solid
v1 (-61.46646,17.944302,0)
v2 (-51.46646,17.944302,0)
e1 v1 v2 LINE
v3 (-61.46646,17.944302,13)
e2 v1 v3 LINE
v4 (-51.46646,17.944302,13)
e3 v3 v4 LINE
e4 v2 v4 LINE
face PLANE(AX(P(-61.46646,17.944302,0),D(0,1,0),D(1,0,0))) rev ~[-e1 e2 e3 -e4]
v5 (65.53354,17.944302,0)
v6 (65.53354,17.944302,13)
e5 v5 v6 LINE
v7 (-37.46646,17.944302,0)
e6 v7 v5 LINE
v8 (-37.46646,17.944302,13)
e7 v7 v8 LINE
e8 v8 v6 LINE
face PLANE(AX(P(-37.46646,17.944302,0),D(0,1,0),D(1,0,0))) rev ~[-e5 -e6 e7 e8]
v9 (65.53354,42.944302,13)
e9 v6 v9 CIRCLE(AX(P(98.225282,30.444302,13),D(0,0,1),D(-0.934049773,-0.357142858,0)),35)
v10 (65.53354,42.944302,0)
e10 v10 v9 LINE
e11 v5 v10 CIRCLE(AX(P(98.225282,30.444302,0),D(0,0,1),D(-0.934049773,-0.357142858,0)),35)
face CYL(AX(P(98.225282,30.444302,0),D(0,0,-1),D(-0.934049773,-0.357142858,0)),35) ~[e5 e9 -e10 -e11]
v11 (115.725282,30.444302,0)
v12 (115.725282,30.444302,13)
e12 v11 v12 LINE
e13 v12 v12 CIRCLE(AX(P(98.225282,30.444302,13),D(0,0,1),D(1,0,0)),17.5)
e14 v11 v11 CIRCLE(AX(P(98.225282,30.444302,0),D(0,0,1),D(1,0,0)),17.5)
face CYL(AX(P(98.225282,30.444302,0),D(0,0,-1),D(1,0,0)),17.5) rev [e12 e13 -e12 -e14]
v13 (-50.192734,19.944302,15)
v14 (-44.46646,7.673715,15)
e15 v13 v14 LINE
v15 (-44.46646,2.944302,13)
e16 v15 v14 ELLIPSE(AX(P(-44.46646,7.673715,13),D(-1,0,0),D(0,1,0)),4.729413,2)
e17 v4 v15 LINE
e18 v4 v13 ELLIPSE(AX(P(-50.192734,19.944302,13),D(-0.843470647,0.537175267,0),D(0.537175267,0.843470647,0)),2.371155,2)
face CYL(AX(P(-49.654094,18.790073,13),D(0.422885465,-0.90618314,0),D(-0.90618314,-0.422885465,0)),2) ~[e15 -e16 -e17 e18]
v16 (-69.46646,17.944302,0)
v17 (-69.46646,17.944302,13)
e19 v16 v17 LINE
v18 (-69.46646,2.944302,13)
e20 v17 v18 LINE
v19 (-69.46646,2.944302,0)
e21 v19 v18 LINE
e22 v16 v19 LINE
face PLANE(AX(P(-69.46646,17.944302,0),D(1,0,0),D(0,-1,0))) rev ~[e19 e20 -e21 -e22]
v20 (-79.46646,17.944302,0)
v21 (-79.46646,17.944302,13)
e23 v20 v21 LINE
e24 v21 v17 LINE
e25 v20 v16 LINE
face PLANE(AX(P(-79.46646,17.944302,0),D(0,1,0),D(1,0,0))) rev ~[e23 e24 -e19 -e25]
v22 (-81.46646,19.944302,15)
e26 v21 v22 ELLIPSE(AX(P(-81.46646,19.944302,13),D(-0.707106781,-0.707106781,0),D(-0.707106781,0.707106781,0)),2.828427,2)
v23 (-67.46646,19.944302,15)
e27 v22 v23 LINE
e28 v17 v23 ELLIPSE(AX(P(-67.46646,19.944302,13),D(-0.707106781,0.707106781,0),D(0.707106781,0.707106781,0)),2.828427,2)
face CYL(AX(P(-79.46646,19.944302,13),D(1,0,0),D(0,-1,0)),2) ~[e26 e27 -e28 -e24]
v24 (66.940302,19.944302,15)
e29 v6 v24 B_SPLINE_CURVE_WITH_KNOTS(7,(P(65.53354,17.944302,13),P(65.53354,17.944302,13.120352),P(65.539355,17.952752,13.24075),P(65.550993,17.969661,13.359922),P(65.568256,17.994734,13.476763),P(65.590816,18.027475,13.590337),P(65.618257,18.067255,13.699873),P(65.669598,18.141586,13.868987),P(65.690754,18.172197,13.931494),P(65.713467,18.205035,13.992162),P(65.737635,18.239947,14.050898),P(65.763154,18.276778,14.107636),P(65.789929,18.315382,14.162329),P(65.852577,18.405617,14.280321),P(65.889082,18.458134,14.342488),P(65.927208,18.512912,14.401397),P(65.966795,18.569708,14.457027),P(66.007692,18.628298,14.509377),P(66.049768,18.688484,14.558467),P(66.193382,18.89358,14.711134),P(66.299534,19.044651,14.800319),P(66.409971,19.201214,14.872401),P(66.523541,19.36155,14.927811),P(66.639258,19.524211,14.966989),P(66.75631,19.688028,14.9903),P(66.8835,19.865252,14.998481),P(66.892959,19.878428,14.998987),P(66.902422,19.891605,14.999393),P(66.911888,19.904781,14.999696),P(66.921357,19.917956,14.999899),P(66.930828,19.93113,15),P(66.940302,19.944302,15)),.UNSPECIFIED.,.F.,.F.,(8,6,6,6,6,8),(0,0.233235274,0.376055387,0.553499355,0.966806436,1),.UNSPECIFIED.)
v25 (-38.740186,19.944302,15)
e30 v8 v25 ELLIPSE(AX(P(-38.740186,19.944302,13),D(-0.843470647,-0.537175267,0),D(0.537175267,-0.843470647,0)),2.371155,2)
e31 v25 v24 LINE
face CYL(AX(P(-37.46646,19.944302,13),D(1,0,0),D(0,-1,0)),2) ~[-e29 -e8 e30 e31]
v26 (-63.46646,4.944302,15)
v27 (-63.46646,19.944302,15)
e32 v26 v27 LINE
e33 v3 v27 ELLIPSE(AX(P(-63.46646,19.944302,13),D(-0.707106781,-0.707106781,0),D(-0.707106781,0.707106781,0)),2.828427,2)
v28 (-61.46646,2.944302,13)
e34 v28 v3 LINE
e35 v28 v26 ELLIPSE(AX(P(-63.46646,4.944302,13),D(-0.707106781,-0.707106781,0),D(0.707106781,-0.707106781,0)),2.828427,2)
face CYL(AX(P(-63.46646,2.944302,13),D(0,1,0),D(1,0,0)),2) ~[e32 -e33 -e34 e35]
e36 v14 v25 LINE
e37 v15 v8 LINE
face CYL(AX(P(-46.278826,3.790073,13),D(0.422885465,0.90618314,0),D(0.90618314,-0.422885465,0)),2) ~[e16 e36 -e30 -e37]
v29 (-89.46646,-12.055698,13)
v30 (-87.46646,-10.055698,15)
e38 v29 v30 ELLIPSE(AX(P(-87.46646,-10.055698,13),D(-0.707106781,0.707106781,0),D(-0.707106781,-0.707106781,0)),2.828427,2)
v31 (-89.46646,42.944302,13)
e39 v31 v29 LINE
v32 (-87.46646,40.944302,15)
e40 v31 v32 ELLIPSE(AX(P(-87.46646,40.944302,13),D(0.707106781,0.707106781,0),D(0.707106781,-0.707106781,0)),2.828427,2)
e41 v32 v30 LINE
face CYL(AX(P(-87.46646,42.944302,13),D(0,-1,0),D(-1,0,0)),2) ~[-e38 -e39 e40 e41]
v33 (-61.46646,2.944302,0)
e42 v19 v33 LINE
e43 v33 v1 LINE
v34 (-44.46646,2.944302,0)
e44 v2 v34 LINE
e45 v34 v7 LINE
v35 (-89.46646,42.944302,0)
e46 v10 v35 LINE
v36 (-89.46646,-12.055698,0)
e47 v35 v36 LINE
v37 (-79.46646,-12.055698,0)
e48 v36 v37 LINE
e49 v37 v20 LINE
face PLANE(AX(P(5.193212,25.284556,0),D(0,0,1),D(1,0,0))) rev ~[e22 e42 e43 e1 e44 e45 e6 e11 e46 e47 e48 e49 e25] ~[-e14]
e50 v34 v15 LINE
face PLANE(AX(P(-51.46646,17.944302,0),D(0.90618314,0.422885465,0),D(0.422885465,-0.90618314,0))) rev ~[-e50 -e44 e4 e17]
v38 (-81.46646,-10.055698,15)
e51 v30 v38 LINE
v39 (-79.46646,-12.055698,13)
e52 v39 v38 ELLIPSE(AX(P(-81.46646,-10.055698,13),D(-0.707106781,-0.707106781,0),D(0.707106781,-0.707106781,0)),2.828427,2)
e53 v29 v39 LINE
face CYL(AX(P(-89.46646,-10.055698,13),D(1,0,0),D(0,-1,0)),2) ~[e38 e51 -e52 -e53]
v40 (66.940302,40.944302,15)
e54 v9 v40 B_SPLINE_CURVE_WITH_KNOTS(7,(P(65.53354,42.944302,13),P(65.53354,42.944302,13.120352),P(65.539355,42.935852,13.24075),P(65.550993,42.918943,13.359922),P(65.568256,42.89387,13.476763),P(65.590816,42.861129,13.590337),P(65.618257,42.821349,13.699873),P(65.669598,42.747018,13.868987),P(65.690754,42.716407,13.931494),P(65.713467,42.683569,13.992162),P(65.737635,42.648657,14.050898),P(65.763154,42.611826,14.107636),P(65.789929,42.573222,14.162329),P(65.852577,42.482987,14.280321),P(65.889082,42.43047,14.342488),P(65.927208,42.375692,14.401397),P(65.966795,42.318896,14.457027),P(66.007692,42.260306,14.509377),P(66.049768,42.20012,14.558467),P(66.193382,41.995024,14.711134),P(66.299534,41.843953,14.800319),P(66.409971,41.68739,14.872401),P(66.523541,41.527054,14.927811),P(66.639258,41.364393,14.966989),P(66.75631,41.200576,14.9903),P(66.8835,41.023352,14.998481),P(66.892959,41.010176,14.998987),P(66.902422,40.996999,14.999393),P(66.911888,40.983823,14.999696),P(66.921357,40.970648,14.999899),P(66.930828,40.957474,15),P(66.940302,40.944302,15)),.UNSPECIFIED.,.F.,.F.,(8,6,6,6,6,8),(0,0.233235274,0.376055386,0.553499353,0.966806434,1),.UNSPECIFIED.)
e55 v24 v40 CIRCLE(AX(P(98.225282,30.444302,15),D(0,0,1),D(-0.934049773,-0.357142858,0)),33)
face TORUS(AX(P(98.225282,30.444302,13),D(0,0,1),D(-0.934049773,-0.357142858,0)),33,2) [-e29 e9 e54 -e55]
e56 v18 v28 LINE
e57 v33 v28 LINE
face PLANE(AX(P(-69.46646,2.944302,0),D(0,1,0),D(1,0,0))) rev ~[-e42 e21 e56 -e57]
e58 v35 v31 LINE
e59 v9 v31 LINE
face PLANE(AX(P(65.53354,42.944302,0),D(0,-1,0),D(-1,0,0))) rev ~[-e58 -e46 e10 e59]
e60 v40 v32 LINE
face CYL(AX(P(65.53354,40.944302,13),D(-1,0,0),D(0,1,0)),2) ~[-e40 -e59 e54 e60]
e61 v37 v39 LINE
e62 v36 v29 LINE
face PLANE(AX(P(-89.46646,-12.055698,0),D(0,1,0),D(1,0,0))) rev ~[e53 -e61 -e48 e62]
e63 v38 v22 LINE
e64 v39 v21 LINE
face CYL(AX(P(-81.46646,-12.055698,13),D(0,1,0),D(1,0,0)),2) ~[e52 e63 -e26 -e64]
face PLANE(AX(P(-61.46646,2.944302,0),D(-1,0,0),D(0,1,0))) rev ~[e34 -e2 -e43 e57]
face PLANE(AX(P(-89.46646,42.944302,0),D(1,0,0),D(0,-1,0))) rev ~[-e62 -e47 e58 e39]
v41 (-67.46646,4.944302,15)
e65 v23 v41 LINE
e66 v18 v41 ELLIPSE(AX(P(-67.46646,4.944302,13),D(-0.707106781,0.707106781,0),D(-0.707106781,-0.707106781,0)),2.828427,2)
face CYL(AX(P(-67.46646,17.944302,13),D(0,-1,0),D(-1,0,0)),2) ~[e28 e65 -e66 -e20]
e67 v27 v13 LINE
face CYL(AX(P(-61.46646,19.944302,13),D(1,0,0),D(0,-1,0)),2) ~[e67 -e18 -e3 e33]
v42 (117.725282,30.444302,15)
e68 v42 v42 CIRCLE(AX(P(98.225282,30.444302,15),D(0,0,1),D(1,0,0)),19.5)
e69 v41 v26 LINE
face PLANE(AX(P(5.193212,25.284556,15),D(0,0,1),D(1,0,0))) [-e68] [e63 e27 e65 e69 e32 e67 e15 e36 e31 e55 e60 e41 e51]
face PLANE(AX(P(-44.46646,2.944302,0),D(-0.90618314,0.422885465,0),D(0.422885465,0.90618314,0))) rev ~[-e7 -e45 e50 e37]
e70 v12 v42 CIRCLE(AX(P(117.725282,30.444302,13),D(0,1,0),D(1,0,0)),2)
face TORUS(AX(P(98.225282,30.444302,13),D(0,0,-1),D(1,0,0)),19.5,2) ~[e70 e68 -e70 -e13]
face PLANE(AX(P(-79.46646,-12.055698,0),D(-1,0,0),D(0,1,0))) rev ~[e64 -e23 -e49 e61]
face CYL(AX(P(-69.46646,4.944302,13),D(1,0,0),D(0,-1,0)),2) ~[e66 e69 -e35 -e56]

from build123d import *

# Parameters (mm, degrees)
F0_R     = 17.5
F1_DEPTH = 15
F2_R     = 2


with BuildPart() as f1:
    # F0 (on Top) → F1 (new body)
    with BuildSketch(Plane.XY):
        with BuildLine():
            Line((-89.46646, 17.944302), (-89.46646, -12.055698))
            Line((-89.46646, -12.055698), (-79.46646, -12.055698))
            Line((-79.46646, -12.055698), (-79.46646, 17.944302))
            Line((-79.46646, 17.944302), (-69.46646, 17.944302))
            Line((-69.46646, 17.944302), (-69.46646, 2.944302))
            Line((-69.46646, 2.944302), (-61.46646, 2.944302))
            Line((-61.46646, 2.944302), (-61.46646, 17.944302))
            Line((-61.46646, 17.944302), (-51.46646, 17.944302))
            Line((-51.46646, 17.944302), (-44.46646, 2.944302))
            Line((-44.46646, 2.944302), (-37.46646, 17.944302))
            Line((-37.46646, 17.944302), (65.53354, 17.944302))
            ThreePointArc((65.53354, 17.944302), (133.225282, 30.444302), (65.53354, 42.944302))
            Line((65.53354, 42.944302), (-89.46646, 42.944302))
            Line((-89.46646, 42.944302), (-89.46646, 17.944302))
        make_face()
        with Locations((98.225282, 30.444302)):
            Circle(F0_R, mode=Mode.SUBTRACT)
    extrude(amount=F1_DEPTH)

    # F2
    f2_edges = [f1.edges().sort_by_distance(p)[0] for p in [
        (-89.46646, 15.444302, 15),
        (-11.96646, 42.944302, 15),
        (133.225282, 30.444302, 15),
        (14.03354, 17.944302, 15),
        (-40.96646, 10.444302, 15),
        (-84.46646, -12.055698, 15),
        (-79.46646, 2.944302, 15),
        (-74.46646, 17.944302, 15),
        (-69.46646, 10.444302, 15),
        (-65.46646, 2.944302, 15),
        (-61.46646, 10.444302, 15),
        (-56.46646, 17.944302, 15),
        (-47.96646, 10.444302, 15),
        (80.725282, 30.444302, 15),
    ]]
    fillet(f2_edges, radius=F2_R)


solid = f1.part
